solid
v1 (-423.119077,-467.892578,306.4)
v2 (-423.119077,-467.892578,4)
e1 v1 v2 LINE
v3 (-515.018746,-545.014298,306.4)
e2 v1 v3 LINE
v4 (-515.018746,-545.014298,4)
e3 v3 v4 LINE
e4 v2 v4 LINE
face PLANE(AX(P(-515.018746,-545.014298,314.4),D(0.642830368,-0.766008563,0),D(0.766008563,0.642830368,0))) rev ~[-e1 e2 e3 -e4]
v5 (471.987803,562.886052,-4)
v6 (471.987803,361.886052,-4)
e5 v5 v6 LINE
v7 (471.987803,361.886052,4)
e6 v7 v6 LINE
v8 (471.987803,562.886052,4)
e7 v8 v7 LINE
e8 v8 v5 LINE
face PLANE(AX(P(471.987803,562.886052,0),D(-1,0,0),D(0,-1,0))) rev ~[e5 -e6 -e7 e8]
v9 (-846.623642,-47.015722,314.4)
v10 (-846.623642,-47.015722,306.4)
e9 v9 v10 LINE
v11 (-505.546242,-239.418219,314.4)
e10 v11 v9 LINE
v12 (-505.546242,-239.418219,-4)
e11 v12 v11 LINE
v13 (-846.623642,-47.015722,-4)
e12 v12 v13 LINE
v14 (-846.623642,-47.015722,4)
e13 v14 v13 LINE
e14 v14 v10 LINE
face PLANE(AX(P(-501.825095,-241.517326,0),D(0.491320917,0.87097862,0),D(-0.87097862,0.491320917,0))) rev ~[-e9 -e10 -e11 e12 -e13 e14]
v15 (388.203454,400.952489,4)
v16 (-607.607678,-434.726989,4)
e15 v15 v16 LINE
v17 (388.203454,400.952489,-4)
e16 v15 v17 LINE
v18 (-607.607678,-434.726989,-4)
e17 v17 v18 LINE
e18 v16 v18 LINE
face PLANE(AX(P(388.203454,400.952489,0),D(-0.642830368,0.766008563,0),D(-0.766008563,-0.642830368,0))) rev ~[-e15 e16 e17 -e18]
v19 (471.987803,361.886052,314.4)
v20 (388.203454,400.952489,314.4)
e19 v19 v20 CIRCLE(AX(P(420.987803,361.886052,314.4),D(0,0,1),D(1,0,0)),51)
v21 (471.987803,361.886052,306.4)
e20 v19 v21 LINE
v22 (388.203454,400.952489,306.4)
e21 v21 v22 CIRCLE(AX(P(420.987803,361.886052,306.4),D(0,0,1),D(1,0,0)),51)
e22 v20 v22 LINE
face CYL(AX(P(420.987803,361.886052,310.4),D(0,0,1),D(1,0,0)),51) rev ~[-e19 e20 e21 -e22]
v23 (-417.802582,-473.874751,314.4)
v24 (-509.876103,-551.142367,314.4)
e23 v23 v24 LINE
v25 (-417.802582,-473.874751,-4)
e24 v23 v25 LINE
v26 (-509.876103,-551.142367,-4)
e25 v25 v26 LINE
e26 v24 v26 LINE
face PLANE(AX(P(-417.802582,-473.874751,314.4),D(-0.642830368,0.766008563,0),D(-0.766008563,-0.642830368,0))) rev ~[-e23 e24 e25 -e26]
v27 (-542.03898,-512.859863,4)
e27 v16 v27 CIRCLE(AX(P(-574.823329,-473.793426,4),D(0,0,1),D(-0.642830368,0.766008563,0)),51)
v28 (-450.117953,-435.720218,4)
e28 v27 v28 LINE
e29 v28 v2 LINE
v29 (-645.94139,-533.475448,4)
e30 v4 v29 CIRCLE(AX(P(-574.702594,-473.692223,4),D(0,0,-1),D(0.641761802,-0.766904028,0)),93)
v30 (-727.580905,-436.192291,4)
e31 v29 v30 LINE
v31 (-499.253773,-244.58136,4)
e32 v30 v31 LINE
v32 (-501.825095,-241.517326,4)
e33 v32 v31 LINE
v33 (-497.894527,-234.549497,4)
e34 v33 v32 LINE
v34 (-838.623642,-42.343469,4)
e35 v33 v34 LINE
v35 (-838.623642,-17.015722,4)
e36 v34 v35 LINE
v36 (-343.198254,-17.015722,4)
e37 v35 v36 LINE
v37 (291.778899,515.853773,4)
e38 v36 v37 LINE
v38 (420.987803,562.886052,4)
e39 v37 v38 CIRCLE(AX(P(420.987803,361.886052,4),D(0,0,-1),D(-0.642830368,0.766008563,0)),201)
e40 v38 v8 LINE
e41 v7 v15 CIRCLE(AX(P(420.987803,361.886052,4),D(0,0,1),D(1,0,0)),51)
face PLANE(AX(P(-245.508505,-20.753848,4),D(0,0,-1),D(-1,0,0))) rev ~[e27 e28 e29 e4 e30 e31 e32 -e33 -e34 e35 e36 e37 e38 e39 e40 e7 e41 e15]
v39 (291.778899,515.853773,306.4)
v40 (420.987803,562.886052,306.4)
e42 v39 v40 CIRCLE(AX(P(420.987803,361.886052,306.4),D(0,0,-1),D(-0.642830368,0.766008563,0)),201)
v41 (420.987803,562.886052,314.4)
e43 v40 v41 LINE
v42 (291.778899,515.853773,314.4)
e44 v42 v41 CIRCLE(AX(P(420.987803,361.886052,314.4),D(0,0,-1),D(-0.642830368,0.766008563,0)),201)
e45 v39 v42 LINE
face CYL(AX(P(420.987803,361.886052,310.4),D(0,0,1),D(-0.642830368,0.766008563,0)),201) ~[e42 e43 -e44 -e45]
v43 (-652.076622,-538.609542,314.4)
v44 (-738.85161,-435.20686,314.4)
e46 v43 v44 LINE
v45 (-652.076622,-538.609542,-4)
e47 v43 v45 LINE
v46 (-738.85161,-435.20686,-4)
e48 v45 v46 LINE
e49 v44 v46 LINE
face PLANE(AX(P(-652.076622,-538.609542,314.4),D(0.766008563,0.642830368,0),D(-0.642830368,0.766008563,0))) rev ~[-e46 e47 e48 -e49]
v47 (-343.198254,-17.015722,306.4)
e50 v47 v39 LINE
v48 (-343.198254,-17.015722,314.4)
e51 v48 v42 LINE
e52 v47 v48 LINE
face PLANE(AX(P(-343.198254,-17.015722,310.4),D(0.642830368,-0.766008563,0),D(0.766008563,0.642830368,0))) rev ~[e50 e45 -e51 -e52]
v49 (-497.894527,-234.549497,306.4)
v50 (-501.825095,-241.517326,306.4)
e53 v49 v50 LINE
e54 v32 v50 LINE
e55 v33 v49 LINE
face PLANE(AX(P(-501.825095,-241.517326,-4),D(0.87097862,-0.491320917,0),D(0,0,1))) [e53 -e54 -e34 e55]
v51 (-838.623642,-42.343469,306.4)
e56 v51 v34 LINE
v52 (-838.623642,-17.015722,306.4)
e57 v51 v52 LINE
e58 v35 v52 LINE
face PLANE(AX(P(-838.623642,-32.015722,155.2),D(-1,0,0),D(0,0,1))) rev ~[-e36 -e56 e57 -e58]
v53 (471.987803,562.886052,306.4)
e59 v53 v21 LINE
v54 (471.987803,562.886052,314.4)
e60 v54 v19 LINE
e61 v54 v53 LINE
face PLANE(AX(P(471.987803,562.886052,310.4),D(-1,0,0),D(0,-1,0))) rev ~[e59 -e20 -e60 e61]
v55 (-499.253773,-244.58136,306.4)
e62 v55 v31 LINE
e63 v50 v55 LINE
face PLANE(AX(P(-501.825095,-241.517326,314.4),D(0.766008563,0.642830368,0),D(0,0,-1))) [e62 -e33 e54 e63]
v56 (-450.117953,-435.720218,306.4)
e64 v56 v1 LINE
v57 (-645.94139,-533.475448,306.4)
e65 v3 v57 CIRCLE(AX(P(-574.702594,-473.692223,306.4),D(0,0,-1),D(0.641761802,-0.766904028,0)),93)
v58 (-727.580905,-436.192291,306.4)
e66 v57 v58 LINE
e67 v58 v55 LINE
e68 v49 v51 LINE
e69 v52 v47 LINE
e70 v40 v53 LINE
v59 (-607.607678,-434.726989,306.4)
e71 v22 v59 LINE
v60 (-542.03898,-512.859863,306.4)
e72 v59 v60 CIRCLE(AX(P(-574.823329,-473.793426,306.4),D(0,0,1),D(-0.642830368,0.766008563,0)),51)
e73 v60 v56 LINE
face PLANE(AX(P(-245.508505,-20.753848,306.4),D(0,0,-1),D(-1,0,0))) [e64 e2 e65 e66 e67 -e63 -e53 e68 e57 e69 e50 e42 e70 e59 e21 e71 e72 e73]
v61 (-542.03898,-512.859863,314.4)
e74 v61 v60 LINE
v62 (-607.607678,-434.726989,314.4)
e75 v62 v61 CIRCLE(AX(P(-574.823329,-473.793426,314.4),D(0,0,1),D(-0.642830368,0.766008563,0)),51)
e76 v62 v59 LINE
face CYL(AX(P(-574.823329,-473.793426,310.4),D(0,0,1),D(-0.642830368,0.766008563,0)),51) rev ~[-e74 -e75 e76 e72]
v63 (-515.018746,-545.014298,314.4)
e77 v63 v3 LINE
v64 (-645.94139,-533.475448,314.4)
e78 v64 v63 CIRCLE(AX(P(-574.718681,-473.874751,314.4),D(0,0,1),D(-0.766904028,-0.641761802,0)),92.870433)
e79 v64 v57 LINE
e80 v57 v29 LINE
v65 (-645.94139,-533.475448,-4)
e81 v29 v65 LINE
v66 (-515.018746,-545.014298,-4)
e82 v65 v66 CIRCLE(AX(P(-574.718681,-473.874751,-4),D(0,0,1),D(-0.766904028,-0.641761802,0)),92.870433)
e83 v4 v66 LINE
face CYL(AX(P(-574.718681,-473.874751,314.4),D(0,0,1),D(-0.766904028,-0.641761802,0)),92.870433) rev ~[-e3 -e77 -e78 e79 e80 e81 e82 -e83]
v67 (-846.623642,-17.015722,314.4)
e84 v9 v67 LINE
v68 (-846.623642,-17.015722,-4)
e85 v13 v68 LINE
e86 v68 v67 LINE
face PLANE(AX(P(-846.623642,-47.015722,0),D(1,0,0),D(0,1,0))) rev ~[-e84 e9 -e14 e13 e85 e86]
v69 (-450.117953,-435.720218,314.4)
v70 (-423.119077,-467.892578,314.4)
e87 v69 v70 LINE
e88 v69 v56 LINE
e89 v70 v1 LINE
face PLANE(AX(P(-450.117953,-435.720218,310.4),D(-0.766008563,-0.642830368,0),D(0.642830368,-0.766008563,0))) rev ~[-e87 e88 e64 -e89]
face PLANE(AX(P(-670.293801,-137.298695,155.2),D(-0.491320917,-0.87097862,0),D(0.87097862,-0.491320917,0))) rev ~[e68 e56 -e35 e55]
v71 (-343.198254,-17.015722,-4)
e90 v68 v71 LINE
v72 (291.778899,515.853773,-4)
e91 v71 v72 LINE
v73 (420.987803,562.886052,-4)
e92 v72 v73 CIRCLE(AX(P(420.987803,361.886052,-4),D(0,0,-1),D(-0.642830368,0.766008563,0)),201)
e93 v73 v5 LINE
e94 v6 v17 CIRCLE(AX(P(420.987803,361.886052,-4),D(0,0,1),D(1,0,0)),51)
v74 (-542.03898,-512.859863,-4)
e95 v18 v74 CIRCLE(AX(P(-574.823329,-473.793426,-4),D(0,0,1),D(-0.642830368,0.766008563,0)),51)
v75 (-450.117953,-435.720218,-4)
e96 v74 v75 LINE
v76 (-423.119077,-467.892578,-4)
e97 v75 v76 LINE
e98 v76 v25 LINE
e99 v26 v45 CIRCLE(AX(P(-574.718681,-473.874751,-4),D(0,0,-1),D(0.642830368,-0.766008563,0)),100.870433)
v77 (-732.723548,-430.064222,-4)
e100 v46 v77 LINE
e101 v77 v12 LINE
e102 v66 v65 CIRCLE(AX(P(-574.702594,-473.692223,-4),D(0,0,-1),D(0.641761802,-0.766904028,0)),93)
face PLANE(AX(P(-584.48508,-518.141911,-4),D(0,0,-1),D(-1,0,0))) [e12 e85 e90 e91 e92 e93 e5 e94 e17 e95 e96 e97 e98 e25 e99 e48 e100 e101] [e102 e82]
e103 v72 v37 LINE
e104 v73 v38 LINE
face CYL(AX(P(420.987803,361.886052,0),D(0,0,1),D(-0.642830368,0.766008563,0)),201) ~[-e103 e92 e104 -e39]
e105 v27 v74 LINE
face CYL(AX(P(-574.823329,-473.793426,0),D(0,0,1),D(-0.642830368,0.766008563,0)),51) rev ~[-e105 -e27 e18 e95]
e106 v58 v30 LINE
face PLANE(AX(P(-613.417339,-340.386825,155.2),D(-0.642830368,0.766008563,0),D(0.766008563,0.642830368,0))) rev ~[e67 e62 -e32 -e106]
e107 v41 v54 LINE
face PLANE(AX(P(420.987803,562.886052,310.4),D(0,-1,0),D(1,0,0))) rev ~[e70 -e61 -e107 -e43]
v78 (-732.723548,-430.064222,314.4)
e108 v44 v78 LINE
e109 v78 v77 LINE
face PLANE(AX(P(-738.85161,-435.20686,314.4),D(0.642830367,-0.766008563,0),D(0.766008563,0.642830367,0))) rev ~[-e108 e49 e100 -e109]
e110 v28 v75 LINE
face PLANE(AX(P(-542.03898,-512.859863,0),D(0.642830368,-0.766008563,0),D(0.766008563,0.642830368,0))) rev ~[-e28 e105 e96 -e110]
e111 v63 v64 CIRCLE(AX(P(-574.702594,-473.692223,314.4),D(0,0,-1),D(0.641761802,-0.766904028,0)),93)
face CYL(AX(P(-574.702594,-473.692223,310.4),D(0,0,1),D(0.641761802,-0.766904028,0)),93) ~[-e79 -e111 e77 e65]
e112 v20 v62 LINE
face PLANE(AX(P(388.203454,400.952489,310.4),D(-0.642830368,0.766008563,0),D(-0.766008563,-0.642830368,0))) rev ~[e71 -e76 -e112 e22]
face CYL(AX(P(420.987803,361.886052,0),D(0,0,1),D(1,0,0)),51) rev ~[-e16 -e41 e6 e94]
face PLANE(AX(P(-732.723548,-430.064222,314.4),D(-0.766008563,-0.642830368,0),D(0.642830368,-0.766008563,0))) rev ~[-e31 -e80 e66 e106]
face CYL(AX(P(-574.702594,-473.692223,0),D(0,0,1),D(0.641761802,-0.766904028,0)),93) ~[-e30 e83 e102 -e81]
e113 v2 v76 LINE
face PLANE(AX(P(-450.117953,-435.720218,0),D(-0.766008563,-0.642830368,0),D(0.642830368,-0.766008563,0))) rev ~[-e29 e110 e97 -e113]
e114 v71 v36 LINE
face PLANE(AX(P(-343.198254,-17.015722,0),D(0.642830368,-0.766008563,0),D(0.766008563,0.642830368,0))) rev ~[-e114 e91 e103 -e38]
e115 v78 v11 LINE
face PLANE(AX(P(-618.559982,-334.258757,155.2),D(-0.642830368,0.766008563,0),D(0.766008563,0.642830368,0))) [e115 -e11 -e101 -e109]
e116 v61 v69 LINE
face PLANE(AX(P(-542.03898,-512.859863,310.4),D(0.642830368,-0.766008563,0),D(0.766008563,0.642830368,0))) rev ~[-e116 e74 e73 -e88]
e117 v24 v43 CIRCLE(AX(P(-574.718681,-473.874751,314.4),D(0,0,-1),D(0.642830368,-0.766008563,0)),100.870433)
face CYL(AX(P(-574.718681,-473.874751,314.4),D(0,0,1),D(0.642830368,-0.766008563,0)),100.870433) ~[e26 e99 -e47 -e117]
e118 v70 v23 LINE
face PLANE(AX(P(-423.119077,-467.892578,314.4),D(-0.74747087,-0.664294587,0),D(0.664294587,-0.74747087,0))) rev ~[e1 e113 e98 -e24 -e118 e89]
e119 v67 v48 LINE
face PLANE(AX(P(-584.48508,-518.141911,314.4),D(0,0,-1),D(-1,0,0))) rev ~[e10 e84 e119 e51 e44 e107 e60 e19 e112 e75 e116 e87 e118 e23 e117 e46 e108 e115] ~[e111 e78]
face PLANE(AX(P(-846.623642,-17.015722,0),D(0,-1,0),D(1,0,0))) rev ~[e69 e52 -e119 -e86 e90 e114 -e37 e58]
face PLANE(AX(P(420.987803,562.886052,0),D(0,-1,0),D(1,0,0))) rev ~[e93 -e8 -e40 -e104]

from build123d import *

# Parameters (mm, degrees)
EXTRUDE_1_DEPTH        = 4
PATTERN_LINEAR_1_COUNT = 2
PATTERN_LINEAR_1_PITCH = 310.4
SKETCH_7_W             = 395.874868567
SKETCH_7_H             = 318.4
EXTRUDE_2_DEPTH        = 8
SKETCH_8_W             = 318.4
SKETCH_8_H             = 30
EXTRUDE_3_DEPTH        = 8
SKETCH_9_W             = 298.07386306
SKETCH_9_H             = 318.4
EXTRUDE_4_DEPTH        = 4
EXTRUDE_5_DEPTH        = 318.4


with BuildPart() as part:
    # 草图4 → 凸台-拉伸1 (new, symmetric)
    with BuildSketch(Plane.XY):
        with BuildLine():
            Line((420.987802859, 562.886051953), (471.987802859, 562.886051953))
            Line((471.987802859, 562.886051953), (471.987802859, 361.886051953))
            ThreePointArc((471.987802859, 361.886051953), (442.540044204, 408.108350608), (388.203454114, 400.952488665))
            Line((388.203454114, 400.952488665), (-607.607677768, -434.726989137))
            ThreePointArc((-607.607677768, -434.726989137), (-613.889765736, -506.577774594), (-542.038980279, -512.859862561))
            Line((-542.038980279, -512.859862561), (-450.117952721, -435.720218456))
            Line((-450.117952721, -435.720218456), (-423.119077284, -467.892578102))
            Line((-423.119077284, -467.892578102), (-515.018746035, -545.014298008))
            ThreePointArc((-515.018746035, -545.014298008), (-582.867486655, -566.333113479), (-645.94139002, -533.475447539))
            Line((-645.94139002, -533.475447539), (-730.152226268, -433.128256555))
            Line((-730.152226268, -433.128256555), (-659.034107171, -373.446304098))
            Line((-659.034107171, -373.446304098), (-501.825094761, -241.51732561))
            Line((-501.825094761, -241.51732561), (-846.623641588, -47.015722354))
            Line((-846.623641588, -47.015722354), (-846.623641588, -17.015722354))
            Line((-846.623641588, -17.015722354), (-343.198253767, -17.015722354))
            Line((-343.198253767, -17.015722354), (291.778898983, 515.853773113))
            ThreePointArc((291.778898983, 515.853773113), (352.236482701, 550.762350034), (420.987802859, 562.886051953))
        make_face()
    extrude(amount=EXTRUDE_1_DEPTH, both=True)


with BuildPart() as pattern_linear_1_1:
    # 阵列(线性)1: pattern copy
    add(part.part.moved(Location(Vector(0, 0, 1) * (1 * PATTERN_LINEAR_1_PITCH))))


with BuildPart() as part_1:
    add(part.part)

    add(pattern_linear_1_1.part)  # 凸台-拉伸2 merges 阵列(线性)1_1
    # 草图7 → 凸台-拉伸2 (add)
    with BuildSketch(Plane(origin=(-224.491205057, -397.961970406, 0), x_dir=(0.870978620276557, -0.4913209165312884, 0), z_dir=(-0.4913209165312884, -0.870978620276557, 0))):
        with Locations((-516.353849163, 155.2)):
            Rectangle(SKETCH_7_W, SKETCH_7_H)
    extrude(amount=-EXTRUDE_2_DEPTH)

    # 草图8 → 凸台-拉伸3 (add)
    with BuildSketch(Plane.ZY.offset(846.623641588)):
        with Locations((155.2, -32.015722354)):
            Rectangle(SKETCH_8_W, SKETCH_8_H)
    extrude(amount=-EXTRUDE_3_DEPTH)

    # 草图9 → 凸台-拉伸4 (add, symmetric)
    with BuildSketch(Plane(origin=(-88.443218659, 105.390576195, 0), x_dir=(0.7660085629862927, 0.6428303675400493, 0), z_dir=(-0.6428303675400493, 0.7660085629862927, 0))):
        with Locations((-688.693922428, -155.2)):
            Rectangle(SKETCH_9_W, SKETCH_9_H)
    extrude(amount=EXTRUDE_4_DEPTH, both=True)

    # 草图10 → 凸台-拉伸5 (add)
    with BuildSketch(Plane.XY.offset(314.4)):
        with BuildLine():
            Line((-732.723547738, -430.064222303), (-645.94139002, -533.475447539))
            ThreePointArc((-645.94139002, -533.475447539), (-582.872198439, -566.386574546), (-515.018746035, -545.014298008))
            Line((-515.018746035, -545.014298008), (-423.119077284, -467.892578102))
            Line((-423.119077284, -467.892578102), (-417.802582401, -473.874750967))
            Line((-417.802582401, -473.874750967), (-509.876103095, -551.142366512))
            ThreePointArc((-509.876103095, -551.142366512), (-583.574554826, -574.355683374), (-652.076622248, -538.609541958))
            Line((-652.076622248, -538.609541958), (-738.851610287, -435.206860245))
            Line((-738.851610287, -435.206860245), (-732.723547738, -430.064222303))
        make_face()
    extrude(amount=-EXTRUDE_5_DEPTH)


solid = part_1.part
